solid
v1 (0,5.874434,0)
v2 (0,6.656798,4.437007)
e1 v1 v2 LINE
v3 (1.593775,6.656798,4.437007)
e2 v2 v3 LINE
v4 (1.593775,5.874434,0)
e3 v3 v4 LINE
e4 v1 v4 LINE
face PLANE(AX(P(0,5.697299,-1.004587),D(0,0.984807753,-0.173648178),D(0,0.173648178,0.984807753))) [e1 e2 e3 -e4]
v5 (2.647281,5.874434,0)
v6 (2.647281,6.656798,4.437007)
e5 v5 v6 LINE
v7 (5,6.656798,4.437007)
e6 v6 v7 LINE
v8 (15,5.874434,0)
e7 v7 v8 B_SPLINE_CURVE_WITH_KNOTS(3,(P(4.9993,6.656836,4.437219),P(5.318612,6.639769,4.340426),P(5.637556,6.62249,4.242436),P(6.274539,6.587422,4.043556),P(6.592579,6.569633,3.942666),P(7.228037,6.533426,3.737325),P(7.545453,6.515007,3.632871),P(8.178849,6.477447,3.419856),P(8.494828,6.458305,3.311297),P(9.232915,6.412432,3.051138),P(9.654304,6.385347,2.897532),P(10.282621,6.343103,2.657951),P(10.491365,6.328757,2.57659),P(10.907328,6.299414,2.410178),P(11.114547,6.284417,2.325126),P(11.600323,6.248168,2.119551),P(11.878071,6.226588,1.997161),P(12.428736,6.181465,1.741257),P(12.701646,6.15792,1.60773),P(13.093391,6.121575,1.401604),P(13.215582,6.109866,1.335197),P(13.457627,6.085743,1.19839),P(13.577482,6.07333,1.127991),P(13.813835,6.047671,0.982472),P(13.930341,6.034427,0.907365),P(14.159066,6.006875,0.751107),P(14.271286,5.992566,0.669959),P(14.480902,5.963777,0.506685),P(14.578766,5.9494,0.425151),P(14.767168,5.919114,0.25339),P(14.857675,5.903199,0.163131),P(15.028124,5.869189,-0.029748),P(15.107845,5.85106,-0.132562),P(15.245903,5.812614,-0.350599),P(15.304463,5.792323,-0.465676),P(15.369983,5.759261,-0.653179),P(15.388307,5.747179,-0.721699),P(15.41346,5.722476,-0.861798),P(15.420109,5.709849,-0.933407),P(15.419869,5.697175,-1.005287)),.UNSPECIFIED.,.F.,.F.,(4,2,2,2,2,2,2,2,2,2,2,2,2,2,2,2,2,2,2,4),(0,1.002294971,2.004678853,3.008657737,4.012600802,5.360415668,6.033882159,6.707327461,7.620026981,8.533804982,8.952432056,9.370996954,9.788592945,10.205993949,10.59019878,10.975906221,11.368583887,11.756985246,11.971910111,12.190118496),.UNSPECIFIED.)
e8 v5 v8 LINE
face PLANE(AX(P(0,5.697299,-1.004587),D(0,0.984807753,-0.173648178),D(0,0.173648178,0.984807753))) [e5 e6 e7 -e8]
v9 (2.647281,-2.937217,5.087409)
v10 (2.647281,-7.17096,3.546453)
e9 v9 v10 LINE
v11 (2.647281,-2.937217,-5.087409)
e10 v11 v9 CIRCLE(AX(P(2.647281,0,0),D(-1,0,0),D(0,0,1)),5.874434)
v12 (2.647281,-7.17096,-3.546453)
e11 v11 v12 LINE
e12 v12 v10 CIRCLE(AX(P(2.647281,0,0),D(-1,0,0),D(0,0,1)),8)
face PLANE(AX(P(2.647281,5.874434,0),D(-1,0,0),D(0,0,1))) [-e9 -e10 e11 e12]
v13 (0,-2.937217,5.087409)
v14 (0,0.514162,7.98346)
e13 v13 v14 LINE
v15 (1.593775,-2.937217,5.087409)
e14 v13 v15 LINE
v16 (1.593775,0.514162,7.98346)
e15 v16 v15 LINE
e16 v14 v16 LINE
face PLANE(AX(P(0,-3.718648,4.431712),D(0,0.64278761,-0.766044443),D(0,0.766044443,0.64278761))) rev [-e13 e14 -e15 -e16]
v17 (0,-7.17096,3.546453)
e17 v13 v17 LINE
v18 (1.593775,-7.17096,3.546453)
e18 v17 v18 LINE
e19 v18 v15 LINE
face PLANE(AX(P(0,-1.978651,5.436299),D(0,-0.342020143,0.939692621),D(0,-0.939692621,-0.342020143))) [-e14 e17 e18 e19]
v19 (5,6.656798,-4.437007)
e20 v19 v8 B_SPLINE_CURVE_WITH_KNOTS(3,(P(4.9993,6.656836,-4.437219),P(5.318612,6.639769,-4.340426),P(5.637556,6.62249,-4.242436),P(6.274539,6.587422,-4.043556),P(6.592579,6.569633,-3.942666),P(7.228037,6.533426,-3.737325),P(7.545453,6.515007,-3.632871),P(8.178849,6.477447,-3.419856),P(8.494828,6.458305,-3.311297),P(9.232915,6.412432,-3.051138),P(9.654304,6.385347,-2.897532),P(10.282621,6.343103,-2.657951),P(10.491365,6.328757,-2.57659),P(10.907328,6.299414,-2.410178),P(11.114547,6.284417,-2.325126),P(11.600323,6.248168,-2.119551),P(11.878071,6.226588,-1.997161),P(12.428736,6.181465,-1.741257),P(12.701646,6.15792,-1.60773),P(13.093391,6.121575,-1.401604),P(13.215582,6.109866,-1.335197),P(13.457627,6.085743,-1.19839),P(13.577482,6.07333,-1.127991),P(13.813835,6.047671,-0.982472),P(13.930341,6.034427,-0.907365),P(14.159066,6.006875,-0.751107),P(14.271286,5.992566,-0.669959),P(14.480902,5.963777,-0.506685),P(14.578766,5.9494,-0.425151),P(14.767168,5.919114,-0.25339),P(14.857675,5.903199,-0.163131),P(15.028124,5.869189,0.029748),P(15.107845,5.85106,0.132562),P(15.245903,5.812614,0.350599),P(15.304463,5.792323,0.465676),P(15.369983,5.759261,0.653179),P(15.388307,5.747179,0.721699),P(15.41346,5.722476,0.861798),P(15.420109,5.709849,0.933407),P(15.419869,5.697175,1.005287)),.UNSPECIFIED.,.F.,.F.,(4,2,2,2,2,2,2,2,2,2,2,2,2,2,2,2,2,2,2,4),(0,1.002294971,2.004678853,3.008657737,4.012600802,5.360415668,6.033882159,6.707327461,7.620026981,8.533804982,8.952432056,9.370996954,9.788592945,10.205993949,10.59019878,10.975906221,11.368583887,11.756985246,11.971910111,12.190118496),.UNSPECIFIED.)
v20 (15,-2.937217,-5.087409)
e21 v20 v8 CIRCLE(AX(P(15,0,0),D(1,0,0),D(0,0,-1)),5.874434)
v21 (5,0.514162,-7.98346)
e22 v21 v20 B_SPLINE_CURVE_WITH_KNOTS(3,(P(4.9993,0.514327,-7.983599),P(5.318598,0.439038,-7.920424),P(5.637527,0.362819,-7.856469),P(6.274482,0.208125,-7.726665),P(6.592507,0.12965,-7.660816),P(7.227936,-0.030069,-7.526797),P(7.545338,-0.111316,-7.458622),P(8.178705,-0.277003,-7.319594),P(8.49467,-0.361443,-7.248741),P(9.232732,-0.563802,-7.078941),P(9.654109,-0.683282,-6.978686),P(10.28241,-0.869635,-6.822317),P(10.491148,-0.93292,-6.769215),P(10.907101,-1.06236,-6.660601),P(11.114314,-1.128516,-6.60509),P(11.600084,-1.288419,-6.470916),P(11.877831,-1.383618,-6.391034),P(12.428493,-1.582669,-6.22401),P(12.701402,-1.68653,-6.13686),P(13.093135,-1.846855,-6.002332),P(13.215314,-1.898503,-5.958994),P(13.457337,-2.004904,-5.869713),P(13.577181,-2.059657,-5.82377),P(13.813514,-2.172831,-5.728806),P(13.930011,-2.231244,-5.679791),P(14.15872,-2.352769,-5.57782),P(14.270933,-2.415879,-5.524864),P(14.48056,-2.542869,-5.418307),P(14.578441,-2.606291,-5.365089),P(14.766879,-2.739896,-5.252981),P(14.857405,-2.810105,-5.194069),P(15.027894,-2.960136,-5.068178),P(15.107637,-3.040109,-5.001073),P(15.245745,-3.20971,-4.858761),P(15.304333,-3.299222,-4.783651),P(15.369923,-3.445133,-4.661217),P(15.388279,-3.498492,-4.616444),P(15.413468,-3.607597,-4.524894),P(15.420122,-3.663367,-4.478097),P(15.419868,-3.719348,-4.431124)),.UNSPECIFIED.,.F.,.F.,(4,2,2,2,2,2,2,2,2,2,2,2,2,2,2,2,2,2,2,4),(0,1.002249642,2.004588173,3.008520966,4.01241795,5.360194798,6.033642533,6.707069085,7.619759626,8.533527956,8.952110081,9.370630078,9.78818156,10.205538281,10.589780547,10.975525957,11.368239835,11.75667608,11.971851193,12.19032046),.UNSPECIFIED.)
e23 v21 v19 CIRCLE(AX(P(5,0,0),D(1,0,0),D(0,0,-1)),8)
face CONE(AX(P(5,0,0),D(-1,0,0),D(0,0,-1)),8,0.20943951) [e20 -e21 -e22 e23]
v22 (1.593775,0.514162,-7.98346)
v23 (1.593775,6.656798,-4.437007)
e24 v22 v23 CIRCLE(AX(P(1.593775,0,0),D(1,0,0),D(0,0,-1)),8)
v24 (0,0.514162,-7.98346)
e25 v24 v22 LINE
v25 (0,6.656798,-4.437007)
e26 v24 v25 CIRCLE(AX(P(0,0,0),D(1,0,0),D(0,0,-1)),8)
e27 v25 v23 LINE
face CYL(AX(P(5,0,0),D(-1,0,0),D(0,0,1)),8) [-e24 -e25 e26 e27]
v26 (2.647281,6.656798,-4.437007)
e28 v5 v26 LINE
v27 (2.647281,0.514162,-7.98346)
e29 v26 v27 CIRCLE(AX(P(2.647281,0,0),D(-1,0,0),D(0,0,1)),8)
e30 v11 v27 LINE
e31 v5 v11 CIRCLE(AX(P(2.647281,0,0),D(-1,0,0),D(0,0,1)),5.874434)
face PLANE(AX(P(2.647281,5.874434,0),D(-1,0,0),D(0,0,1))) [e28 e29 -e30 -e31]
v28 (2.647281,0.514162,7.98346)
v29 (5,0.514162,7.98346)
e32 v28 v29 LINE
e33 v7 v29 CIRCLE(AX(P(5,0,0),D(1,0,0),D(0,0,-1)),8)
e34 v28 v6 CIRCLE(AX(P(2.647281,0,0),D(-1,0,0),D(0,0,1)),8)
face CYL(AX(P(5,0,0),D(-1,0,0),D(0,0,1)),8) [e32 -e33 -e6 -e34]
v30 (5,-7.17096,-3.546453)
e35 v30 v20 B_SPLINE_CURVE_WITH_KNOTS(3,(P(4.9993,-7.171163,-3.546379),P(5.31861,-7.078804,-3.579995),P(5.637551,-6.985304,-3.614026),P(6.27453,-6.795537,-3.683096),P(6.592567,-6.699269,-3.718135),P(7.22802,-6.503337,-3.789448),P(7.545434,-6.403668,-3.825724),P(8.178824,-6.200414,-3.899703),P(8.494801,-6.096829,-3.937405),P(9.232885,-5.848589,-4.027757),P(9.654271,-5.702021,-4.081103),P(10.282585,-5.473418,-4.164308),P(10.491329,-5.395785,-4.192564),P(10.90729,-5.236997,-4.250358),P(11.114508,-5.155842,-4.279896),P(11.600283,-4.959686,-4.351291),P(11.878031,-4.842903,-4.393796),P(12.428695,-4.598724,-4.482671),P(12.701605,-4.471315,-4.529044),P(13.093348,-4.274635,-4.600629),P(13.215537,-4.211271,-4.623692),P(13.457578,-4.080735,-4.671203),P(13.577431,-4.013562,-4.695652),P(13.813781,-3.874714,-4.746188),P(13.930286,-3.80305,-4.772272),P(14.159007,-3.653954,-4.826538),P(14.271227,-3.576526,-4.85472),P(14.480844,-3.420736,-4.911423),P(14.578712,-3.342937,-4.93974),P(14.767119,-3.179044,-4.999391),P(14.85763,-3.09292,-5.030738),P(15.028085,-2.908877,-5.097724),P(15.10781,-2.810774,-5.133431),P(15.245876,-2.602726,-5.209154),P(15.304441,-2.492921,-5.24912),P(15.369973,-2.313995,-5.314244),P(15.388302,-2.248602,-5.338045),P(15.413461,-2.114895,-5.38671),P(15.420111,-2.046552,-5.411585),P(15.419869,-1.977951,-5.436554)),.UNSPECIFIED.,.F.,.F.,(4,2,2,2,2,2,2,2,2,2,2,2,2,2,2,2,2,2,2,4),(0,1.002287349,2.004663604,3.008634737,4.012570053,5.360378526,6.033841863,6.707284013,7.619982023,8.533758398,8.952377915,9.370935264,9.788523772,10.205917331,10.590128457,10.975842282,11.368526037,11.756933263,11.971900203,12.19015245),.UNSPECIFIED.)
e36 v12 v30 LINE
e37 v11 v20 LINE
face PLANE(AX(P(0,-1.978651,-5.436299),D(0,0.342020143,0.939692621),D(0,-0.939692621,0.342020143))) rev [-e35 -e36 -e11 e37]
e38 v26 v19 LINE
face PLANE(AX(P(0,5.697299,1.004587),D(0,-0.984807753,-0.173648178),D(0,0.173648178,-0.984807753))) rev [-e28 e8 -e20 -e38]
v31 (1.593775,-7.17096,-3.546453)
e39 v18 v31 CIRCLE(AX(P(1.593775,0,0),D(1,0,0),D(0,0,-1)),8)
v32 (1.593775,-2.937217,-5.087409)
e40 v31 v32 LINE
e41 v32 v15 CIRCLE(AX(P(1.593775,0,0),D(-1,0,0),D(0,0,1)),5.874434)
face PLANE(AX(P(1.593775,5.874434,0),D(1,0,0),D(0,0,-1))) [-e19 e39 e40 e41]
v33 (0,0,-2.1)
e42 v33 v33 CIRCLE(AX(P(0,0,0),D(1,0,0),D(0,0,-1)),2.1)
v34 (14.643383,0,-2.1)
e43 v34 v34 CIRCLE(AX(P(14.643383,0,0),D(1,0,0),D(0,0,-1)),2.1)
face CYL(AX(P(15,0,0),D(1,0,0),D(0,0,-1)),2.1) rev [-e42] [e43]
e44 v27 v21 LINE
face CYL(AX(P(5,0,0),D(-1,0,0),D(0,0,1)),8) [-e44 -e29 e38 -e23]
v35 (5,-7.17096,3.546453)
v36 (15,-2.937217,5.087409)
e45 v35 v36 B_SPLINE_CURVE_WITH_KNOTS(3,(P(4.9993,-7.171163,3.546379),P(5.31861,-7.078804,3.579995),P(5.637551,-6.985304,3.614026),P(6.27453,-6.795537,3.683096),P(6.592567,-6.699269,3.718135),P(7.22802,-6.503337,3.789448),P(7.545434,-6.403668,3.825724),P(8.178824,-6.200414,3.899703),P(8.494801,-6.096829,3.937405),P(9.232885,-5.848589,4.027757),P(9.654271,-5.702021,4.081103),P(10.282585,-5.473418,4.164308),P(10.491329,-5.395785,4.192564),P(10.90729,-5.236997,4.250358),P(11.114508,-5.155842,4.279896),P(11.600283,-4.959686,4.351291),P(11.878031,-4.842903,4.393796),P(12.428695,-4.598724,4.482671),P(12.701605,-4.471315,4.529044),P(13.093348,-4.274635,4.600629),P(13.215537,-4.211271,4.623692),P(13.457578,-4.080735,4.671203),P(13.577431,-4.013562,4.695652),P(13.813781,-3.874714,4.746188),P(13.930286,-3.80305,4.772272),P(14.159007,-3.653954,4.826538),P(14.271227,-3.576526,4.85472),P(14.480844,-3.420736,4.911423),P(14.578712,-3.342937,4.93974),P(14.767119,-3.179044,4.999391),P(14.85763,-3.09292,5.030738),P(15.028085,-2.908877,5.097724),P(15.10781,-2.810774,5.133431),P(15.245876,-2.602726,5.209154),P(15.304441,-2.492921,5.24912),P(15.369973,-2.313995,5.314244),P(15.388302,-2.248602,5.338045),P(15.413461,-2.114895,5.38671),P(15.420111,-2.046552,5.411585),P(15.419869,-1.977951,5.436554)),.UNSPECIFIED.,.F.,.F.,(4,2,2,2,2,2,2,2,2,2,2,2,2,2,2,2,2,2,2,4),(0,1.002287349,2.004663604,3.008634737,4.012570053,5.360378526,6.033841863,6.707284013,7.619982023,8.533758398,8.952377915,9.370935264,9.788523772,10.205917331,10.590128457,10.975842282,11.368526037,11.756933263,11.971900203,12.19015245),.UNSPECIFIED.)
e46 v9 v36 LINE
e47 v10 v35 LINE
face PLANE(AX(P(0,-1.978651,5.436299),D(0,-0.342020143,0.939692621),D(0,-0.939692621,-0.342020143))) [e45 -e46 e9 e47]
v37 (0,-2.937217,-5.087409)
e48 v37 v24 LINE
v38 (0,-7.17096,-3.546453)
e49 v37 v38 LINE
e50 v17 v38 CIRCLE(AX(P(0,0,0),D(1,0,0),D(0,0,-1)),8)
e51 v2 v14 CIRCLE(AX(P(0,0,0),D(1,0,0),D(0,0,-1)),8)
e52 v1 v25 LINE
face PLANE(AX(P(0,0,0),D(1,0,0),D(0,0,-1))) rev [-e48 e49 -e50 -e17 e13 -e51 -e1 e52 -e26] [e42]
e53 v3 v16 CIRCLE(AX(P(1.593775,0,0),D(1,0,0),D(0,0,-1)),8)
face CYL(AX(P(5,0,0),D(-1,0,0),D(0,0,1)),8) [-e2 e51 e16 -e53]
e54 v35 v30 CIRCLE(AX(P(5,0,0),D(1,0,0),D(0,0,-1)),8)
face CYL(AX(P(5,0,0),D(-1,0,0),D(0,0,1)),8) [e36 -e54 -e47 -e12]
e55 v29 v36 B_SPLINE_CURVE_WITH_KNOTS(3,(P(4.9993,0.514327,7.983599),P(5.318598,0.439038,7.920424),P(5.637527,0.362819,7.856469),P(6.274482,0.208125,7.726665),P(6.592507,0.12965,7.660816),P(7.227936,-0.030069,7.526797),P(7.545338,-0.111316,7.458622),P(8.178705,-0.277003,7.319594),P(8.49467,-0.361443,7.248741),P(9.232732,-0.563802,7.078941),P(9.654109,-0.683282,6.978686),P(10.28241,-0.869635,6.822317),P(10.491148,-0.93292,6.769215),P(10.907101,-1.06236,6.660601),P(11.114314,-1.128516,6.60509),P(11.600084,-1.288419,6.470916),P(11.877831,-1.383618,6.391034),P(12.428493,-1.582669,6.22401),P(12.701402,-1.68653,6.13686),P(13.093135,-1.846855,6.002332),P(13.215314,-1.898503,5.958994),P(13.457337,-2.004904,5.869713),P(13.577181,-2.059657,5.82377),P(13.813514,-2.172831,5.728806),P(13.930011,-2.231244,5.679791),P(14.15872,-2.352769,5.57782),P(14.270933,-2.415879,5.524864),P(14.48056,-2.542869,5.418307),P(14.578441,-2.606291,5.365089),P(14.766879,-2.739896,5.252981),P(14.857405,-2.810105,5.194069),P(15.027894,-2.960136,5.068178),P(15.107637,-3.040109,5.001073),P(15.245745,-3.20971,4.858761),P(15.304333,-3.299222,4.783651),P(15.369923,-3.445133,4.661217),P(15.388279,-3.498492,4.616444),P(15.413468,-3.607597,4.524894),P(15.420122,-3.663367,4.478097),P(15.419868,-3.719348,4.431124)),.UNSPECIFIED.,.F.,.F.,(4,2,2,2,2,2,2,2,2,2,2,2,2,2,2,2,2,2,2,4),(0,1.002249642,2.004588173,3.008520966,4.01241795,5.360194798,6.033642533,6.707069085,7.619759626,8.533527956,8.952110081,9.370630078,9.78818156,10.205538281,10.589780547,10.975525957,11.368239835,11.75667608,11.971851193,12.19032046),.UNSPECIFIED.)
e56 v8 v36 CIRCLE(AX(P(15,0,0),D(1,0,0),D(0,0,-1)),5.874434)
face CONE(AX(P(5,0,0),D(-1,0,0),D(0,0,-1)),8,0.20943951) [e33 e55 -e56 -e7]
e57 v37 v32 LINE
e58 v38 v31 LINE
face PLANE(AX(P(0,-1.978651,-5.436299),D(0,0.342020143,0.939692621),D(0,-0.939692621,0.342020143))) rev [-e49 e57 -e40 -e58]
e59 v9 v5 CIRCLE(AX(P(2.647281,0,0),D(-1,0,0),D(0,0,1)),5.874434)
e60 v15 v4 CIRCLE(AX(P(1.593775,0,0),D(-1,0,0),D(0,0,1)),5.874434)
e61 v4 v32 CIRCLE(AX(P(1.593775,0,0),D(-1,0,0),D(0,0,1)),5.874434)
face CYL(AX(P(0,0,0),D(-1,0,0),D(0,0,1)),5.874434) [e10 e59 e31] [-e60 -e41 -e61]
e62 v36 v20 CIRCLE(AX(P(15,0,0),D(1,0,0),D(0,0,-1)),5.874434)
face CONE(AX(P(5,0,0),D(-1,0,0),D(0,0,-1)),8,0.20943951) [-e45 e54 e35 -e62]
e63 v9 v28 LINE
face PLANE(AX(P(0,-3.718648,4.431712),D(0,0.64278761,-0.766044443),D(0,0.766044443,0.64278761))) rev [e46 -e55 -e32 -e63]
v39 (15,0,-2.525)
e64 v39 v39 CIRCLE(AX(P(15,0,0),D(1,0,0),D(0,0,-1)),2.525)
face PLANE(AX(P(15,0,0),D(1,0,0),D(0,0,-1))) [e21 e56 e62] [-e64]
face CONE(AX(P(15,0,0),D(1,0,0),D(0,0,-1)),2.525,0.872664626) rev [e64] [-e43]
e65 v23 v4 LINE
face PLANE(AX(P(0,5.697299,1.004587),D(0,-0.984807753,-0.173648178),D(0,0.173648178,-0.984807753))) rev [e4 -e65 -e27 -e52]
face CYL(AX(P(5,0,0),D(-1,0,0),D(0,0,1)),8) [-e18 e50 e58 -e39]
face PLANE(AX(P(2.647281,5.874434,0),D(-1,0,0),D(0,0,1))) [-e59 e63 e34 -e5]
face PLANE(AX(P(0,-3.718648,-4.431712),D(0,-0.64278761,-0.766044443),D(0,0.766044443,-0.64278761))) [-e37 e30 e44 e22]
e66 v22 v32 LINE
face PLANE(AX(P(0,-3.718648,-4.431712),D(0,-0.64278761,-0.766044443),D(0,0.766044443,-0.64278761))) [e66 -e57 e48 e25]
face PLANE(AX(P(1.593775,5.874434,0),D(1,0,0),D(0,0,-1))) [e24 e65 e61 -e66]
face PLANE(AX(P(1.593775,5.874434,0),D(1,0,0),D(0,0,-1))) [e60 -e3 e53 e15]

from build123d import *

# Parameters (mm, degrees)
SKETCH1_R                   = 8
BOSS_EXTRUDE1_DEPTH         = 5
SKETCH2_R                   = 8
BOSS_EXTRUDE2_DEPTH         = 10
BOSS_EXTRUDE2_TAPER         = 12
CUT_EXTRUDE5_DEPTH          = 19.788294313
CIRPATTERN1_COUNT           = 3
M5_TAPPED_HOLE1_D           = 4.2
M5_TAPPED_HOLE1_CSINK_D     = 5.05
M5_TAPPED_HOLE1_CSINK_ANGLE = 100
SKETCH6_W                   = 1.053506638
SKETCH6_H                   = 3.031369011


with BuildPart() as part:
    # Sketch1 → Boss-Extrude1 (new body)
    with BuildSketch(Plane(origin=(0, 0, 0), x_dir=(0, 0, -1), z_dir=(1, 0, 0))):
        Circle(SKETCH1_R)
    extrude(amount=BOSS_EXTRUDE1_DEPTH)

    # Sketch2 → Boss-Extrude2 (add)
    with BuildSketch(Plane(origin=(5, 0, 0), x_dir=(0, 0, -1), z_dir=(1, 0, 0))):
        Circle(SKETCH2_R)
    extrude(amount=BOSS_EXTRUDE2_DEPTH, taper=BOSS_EXTRUDE2_TAPER)

    # Sketch3 → Cut-Extrude5 (cut, through all)
    with BuildSketch(Plane(origin=(15, 0, 0), x_dir=(0, 0, -1), z_dir=(1, 0, 0))):
        with BuildLine():
            Line((0, 5.874434383), (11.406864113, 7.885772292))
            ThreePointArc((11.406864113, 7.885772292), (0.570239316, 16.679095968), (-10.070915149, 7.650208444))
            Line((-10.070915149, 7.650208444), (0, 5.874434383))
        make_face()
    cut_extrude5 = extrude(amount=-CUT_EXTRUDE5_DEPTH, mode=Mode.SUBTRACT)

    # CirPattern1: Cut-Extrude5 ×3 about axis
    cirpattern1_axis = Axis((0, 0, 0), (1, 0, 0))
    for i in range(1, CIRPATTERN1_COUNT):
        add(cut_extrude5.rotate(cirpattern1_axis, i * 360 / CIRPATTERN1_COUNT), mode=Mode.SUBTRACT)

    # M5 Tapped Hole1 (through all)
    with Locations(Plane(origin=(15, 0, 0), x_dir=(0, 0, -1), z_dir=(1, 0, 0))):
        with Locations((0, 0)):
            CounterSinkHole(M5_TAPPED_HOLE1_D / 2, M5_TAPPED_HOLE1_CSINK_D / 2, counter_sink_angle=M5_TAPPED_HOLE1_CSINK_ANGLE)

    # Sketch6 → Cut-Revolve2 (revolve, cut)
    with BuildSketch(Plane.XY, mode=Mode.PRIVATE) as cut_revolve2_sk:
        with Locations((2.120528078, 7.390118889)):
            Rectangle(SKETCH6_W, SKETCH6_H)
    revolve(cut_revolve2_sk.sketch.rotate(Axis((0, 0, 0), (1, 0, 0)), 270), axis=Axis((0, 0, 0), (1, 0, 0)), mode=Mode.SUBTRACT)


solid = part.part
